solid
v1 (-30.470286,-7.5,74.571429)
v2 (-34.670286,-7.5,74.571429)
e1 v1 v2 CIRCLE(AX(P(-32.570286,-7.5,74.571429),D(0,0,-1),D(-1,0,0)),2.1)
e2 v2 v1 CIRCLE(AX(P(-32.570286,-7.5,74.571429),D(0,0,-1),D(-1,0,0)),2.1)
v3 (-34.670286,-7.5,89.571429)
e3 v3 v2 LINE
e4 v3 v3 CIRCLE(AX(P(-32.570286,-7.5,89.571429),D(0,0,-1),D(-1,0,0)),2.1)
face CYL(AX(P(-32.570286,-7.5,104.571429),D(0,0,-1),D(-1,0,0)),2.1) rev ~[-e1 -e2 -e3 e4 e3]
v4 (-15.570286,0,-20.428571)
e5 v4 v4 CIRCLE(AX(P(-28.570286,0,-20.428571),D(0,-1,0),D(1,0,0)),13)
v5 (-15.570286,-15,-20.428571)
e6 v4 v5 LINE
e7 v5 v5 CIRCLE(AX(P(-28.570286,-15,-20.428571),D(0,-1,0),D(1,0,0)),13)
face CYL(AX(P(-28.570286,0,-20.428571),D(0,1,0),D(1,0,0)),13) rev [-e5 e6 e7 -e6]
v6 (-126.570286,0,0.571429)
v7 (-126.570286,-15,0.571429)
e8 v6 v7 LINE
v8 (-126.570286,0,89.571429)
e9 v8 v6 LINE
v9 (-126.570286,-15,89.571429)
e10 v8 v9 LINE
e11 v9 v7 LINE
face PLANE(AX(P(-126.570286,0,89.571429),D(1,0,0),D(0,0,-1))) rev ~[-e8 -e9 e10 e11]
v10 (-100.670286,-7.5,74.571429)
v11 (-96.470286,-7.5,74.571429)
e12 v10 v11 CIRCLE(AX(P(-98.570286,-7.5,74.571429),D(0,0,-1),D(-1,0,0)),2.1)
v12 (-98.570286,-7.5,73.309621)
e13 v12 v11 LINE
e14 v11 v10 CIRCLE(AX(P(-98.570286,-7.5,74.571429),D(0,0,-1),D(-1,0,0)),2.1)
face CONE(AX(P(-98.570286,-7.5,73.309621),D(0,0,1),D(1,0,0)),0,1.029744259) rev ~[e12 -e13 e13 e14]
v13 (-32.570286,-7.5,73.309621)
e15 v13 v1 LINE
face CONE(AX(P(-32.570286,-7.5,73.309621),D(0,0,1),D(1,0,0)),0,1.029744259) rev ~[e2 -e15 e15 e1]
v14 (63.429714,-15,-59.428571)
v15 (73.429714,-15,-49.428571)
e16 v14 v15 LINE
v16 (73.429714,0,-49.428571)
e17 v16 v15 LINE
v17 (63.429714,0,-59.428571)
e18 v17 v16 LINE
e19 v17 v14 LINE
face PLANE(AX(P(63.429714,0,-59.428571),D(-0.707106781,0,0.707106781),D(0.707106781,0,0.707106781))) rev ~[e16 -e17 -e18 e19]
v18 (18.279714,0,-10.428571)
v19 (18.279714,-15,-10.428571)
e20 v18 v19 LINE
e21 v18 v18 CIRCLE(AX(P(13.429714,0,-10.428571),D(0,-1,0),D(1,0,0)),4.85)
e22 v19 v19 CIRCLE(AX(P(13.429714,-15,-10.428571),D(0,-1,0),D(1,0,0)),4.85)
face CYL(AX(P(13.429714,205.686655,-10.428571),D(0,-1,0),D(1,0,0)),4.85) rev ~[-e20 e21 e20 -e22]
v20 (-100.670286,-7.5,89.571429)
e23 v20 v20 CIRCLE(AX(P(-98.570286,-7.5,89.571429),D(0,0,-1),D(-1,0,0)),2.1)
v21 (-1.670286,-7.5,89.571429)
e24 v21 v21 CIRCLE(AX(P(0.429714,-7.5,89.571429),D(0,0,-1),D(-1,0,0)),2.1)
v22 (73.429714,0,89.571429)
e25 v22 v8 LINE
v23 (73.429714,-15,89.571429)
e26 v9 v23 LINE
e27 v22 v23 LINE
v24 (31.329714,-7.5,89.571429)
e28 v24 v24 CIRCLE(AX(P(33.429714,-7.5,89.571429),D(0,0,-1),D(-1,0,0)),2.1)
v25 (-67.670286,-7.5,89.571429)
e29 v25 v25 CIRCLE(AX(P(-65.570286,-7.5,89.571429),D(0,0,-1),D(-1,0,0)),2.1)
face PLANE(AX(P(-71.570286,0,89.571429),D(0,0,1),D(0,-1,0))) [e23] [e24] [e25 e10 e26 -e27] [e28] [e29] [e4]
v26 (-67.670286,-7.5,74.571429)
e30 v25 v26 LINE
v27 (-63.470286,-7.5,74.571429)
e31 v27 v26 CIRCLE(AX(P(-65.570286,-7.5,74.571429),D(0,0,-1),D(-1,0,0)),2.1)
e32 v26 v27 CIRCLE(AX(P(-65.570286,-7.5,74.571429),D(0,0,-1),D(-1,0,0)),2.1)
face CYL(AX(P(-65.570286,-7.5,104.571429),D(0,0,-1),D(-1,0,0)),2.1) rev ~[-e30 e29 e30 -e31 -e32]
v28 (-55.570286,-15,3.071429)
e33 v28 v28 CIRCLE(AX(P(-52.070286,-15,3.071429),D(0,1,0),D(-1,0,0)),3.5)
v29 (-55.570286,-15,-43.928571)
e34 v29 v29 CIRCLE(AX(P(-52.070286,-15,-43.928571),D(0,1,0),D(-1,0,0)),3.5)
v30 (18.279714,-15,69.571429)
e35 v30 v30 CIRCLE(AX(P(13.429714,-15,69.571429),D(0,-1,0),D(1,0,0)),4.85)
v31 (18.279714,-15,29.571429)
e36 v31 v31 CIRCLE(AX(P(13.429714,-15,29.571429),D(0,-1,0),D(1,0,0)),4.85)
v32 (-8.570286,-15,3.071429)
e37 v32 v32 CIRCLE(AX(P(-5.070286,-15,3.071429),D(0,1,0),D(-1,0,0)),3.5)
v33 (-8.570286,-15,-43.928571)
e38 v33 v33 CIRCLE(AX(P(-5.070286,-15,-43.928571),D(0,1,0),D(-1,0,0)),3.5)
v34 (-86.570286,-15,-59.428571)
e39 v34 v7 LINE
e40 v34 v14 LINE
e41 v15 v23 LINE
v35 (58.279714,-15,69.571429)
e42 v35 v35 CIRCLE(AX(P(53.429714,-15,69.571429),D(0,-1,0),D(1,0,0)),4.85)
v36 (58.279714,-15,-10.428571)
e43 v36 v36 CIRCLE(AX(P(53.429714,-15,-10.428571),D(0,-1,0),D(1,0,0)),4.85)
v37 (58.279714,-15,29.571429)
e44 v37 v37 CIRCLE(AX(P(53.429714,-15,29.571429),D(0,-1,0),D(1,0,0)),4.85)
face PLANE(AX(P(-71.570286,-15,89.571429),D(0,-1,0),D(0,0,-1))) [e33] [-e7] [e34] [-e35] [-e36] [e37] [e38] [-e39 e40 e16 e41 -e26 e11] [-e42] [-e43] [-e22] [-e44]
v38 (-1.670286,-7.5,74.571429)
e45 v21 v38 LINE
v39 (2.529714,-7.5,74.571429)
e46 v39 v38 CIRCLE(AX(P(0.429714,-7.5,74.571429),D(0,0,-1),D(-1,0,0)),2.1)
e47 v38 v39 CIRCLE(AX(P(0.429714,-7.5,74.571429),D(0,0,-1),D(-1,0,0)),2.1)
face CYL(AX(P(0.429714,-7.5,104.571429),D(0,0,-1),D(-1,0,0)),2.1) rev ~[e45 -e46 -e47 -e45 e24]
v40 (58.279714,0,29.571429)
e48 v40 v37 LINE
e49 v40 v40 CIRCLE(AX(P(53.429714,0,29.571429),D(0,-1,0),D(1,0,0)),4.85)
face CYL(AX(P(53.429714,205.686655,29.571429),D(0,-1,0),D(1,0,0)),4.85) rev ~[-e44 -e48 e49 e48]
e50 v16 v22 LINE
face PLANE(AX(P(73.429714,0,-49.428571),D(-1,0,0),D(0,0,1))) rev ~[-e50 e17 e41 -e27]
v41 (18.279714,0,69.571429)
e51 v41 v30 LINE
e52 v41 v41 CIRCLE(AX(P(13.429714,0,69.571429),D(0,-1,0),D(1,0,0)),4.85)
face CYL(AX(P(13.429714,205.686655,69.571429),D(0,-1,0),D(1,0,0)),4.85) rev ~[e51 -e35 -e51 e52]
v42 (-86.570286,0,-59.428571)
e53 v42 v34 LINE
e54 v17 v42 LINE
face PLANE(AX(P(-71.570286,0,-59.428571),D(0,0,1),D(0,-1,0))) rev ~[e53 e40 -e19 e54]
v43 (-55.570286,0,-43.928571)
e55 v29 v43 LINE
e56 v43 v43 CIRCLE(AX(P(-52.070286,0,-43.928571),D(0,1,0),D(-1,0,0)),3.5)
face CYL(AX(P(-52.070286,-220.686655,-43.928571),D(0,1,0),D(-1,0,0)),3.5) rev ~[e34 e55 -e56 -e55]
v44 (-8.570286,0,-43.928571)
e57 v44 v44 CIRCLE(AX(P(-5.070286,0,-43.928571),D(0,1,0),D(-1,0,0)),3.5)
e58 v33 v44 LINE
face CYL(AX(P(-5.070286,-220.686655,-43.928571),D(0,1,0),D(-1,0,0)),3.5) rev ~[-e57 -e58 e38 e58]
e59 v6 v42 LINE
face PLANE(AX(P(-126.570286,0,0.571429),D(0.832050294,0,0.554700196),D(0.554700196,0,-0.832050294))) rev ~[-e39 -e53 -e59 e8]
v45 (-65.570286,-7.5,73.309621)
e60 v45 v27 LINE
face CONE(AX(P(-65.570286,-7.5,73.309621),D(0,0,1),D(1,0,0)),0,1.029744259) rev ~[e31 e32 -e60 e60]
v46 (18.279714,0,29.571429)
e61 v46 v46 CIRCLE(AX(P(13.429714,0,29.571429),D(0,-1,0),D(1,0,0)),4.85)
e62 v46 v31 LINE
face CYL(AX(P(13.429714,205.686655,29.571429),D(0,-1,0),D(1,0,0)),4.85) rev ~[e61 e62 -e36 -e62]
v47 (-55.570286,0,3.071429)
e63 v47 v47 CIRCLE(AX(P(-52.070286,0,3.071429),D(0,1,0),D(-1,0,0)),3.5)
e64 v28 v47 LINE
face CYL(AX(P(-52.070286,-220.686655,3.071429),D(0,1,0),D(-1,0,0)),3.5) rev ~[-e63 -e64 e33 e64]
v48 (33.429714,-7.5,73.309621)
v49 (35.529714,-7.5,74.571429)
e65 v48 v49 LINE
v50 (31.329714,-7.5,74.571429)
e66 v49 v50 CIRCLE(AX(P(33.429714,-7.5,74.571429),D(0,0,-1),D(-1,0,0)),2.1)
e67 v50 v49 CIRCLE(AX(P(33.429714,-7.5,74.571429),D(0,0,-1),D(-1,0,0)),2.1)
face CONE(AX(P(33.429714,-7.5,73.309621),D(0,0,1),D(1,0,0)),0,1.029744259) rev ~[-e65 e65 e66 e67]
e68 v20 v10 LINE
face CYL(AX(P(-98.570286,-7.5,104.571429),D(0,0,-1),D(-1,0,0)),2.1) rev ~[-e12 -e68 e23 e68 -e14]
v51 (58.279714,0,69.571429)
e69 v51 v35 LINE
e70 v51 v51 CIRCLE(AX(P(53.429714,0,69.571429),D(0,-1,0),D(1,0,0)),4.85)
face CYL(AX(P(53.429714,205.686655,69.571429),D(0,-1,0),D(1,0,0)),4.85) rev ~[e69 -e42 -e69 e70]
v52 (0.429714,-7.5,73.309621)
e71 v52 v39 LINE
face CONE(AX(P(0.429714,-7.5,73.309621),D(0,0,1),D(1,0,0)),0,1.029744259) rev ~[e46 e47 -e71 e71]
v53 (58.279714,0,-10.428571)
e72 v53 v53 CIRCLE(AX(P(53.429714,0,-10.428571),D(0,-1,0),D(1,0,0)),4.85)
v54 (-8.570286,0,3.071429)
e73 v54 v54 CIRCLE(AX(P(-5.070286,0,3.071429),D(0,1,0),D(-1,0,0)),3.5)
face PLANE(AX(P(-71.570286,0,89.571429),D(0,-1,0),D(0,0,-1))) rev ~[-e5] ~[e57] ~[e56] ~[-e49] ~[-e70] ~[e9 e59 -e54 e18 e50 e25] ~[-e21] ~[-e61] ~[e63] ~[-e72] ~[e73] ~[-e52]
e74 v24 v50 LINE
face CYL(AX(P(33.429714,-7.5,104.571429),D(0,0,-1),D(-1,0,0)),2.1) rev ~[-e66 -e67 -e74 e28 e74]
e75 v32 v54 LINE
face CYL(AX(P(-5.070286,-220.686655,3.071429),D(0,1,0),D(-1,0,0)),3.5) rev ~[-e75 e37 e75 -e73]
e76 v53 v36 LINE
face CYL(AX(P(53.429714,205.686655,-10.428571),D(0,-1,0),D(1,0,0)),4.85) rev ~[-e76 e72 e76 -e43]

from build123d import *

# Parameters (mm, degrees)
F0_R      = 13
F1_DEPTH  = 15
F3_D      = 9.7
F5_D      = 7
F6_DEPTH  = 4
F7_DEPTH  = 55
F9_DEPTH  = 25
F11_D     = 4.2
F11_DEPTH = 15
F11_TIP   = 1.2618073


with BuildPart() as f1:
    # F0 (on Front) → F1 (new body)
    with BuildSketch(Plane.XZ):
        Polygon((73.4297142857, -49.4285714286), (73.4297142857, 89.5714285714), (-48.5702857143, 89.5714285714), (-67.5702857143, 89.5714285714), (-67.5702857143, 29.5714285714), (-67.5702857143, -59.4285714286), (63.4297142857, -59.4285714286), align=None)
        with Locations((-28.5702857143, -20.4285714286)):
            Circle(F0_R, mode=Mode.SUBTRACT)
    extrude(amount=F1_DEPTH)

    # F3 (through all)
    with Locations(Plane(origin=(0, 0, 0), x_dir=(-1, 0, 0), z_dir=(0, 1, 0))):
        with Locations((-53.4297142857, -10.4285714286), (-53.4297142857, 29.5714285714), (-53.4297142857, 69.5714285714), (-13.4297142857, 69.5714285714), (-13.4297142857, 29.5714285714), (-13.4297142857, -10.4285714286)):
            Hole(F3_D / 2)

    # F5 (through all)
    with Locations(Plane.XZ.offset(15)):
        with Locations((-52.0702857143, 3.0714285714), (-52.0702857143, -43.9285714286), (-5.0702857143, -43.9285714286), (-5.0702857143, 3.0714285714)):
            Hole(F5_D / 2)

    # F6 (add): a face of the model
    f6_faces = [f1.faces().sort_by_distance(p)[0] for p in [
        (-67.5702857143, -7.5, 15.0714285714),
    ]]
    extrude(f6_faces, amount=F6_DEPTH)

    # F7 (add): a face of the model
    f7_faces = [f1.faces().sort_by_distance(p)[0] for p in [
        (-71.5702857143, -7.5, 15.0714285714),
    ]]
    extrude(f7_faces, amount=F7_DEPTH)

    # F8 (on face) → F9 (cut)
    with BuildSketch(Plane(origin=(0, 0, 0), x_dir=(-1, 0, 0), z_dir=(0, 1, 0))):
        Polygon((126.5702857143, -59.4285714286), (126.5702857143, 0.5714285714), (86.5702857143, -59.4285714286), align=None)
    extrude(amount=-F9_DEPTH, mode=Mode.SUBTRACT)

    # F11
    with Locations(Plane.XY.offset(89.5714285714)):
        with Locations((-98.5702857143, -7.5), (-65.5702857143, -7.5), (-32.5702857143, -7.5), (0.4297142857, -7.5), (33.4297142857, -7.5)):
            Hole(F11_D / 2, depth=F11_DEPTH)
            with Locations((0, 0, -(F11_DEPTH + F11_TIP / 2))):  # 118° drill point
                Cone(0, F11_D / 2, F11_TIP, mode=Mode.SUBTRACT)


solid = f1.part
